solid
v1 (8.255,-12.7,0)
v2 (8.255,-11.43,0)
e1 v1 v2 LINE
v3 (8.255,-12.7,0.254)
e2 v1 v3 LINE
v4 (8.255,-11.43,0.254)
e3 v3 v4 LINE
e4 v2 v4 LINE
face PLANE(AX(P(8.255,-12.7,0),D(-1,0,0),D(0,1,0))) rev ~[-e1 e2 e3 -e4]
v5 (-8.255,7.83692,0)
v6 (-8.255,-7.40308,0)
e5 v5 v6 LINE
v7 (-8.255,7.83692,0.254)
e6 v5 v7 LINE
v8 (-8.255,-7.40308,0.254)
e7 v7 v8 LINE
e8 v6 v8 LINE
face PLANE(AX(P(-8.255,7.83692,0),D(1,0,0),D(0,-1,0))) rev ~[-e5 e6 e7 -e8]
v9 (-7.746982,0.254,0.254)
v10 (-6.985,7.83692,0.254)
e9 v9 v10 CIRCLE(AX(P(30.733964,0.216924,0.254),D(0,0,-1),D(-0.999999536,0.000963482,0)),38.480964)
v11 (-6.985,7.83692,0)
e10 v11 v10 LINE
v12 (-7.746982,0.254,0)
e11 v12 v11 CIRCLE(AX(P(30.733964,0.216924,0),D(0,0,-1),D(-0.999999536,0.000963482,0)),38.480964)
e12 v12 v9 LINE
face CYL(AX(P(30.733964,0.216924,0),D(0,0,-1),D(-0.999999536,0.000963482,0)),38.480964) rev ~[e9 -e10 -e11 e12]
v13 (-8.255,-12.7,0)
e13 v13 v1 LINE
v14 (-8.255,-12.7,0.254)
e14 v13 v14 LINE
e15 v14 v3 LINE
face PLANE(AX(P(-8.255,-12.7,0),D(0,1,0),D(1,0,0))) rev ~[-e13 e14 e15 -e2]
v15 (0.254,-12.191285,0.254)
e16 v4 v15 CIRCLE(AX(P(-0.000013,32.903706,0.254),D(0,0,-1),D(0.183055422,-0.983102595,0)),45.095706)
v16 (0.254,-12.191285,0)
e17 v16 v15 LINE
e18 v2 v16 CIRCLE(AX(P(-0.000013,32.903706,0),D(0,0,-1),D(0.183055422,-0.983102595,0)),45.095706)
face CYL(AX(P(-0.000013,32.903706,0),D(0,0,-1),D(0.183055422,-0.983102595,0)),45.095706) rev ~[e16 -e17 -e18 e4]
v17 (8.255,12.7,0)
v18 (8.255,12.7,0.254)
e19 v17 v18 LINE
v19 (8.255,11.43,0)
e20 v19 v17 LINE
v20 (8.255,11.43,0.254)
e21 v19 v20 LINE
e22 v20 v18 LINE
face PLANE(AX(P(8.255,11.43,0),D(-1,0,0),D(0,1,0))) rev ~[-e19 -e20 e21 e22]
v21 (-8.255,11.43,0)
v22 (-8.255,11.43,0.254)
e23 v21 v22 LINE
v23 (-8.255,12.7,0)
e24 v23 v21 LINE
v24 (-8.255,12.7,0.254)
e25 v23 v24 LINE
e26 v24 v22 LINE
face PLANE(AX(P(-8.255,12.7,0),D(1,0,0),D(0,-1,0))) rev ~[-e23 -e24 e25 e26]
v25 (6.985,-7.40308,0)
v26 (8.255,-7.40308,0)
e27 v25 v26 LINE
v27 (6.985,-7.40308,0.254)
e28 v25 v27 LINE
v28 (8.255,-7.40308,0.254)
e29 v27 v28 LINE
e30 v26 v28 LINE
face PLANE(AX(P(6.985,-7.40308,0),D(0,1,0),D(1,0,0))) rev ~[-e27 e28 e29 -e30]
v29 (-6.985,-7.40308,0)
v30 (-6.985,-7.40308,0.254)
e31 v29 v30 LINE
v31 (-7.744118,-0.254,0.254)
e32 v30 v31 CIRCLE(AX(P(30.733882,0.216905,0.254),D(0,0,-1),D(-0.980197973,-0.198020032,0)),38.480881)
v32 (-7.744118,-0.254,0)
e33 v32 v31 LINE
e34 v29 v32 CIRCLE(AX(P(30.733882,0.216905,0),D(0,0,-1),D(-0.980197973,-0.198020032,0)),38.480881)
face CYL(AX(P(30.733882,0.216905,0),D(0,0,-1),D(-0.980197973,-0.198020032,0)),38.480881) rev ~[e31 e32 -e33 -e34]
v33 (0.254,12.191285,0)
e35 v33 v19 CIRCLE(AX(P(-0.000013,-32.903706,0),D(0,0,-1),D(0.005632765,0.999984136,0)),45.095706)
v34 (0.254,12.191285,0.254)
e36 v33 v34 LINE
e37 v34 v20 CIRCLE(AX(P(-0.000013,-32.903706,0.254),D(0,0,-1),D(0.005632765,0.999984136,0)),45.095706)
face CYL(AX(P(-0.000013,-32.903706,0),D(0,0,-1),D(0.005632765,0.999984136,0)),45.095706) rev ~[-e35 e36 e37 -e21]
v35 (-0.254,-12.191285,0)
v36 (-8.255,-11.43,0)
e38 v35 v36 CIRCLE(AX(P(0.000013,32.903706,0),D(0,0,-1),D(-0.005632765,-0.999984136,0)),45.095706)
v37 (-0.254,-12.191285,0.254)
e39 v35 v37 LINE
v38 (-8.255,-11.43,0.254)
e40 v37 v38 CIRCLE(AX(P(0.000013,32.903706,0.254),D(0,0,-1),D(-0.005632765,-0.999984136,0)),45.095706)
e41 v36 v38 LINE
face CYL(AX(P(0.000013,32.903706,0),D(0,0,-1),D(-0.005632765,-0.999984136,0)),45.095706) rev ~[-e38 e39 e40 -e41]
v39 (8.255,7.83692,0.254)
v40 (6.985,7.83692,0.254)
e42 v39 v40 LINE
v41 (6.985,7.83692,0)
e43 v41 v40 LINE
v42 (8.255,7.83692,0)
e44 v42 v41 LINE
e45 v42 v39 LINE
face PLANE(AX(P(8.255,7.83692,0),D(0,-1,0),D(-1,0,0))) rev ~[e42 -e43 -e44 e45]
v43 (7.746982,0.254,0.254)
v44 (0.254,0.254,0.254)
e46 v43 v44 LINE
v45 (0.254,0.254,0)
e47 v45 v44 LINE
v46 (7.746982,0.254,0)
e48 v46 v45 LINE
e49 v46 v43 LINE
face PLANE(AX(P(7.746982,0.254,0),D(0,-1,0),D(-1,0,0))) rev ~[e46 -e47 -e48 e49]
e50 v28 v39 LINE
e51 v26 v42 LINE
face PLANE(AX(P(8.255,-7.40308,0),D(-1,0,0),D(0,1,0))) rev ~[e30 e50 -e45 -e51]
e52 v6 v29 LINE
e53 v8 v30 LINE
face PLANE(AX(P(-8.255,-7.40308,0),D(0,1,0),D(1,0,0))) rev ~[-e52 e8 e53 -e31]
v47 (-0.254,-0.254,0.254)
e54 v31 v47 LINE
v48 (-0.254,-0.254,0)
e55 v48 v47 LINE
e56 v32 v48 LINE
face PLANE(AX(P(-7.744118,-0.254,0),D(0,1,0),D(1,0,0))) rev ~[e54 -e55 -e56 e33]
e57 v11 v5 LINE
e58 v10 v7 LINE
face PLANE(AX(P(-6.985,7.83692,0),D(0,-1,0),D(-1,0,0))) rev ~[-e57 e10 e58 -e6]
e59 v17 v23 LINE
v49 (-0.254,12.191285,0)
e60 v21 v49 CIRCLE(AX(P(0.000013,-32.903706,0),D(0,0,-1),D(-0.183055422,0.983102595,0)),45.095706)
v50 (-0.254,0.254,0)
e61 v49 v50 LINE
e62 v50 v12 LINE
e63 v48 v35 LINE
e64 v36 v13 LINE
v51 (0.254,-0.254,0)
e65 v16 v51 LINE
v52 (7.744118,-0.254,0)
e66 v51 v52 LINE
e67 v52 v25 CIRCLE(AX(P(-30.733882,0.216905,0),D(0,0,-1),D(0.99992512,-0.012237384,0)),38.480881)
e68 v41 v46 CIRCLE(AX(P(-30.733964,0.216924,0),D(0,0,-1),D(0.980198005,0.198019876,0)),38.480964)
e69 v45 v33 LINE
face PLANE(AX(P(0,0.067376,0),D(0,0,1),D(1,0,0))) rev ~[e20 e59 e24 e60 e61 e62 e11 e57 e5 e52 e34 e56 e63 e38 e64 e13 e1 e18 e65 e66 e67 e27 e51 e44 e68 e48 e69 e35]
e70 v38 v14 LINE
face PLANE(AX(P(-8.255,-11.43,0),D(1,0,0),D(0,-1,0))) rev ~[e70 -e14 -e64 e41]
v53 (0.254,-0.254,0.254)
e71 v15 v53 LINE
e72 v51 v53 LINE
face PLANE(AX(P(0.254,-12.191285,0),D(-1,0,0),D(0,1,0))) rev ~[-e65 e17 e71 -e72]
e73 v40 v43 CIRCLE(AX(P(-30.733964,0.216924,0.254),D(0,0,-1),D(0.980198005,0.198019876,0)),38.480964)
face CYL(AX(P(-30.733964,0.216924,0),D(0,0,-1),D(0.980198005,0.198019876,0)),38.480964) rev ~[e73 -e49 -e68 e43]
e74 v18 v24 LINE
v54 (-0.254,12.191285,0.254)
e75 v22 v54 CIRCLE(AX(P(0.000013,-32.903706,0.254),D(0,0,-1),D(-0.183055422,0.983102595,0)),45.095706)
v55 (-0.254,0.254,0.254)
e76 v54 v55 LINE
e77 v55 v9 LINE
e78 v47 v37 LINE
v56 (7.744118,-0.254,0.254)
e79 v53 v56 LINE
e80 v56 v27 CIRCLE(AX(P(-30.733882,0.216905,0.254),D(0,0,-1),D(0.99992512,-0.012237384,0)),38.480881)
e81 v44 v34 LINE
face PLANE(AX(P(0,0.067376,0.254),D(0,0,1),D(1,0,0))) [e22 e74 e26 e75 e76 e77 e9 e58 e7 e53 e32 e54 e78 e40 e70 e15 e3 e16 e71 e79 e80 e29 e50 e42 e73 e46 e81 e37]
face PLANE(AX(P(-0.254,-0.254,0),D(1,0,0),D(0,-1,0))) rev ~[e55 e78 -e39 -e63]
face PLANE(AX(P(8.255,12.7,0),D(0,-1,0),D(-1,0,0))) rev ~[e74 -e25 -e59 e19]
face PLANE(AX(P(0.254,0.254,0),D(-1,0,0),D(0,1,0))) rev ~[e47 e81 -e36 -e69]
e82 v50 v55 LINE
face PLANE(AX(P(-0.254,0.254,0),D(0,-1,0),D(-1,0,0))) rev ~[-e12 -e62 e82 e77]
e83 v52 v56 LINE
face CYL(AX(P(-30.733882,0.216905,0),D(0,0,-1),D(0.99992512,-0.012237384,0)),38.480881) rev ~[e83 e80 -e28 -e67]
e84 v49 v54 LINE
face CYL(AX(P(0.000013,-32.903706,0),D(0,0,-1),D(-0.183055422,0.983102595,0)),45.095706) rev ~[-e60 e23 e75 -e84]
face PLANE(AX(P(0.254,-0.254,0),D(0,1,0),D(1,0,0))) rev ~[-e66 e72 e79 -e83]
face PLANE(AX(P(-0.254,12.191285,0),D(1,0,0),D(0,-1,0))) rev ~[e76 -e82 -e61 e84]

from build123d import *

# Parameters (mm, degrees)
F1_DEPTH = 0.254


with BuildPart() as f1:
    # F0 (on Top) → F1 (new body)
    with BuildSketch(Plane.XY):
        with BuildLine():
            Line((8.255, 12.7), (-8.255, 12.7))
            Line((-8.255, 12.7), (-8.255, 11.43))
            ThreePointArc((-8.255, 11.43), (-4.271494, 11.989244), (-0.254, 12.191285))
            Line((-0.254, 12.191285), (-0.254, 0.254))
            Line((-0.254, 0.254), (-7.746982, 0.254))
            ThreePointArc((-7.746982, 0.254), (-7.554177, 4.06437), (-6.985, 7.83692))
            Line((-6.985, 7.83692), (-8.255, 7.83692))
            Line((-8.255, 7.83692), (-8.255, -7.40308))
            Line((-8.255, -7.40308), (-6.985, -7.40308))
            ThreePointArc((-6.985, -7.40308), (-7.53188, -3.846307), (-7.744118, -0.254))
            Line((-7.744118, -0.254), (-0.254, -0.254))
            Line((-0.254, -0.254), (-0.254, -12.191285))
            ThreePointArc((-0.254, -12.191285), (-4.271494, -11.989244), (-8.255, -11.43))
            Line((-8.255, -11.43), (-8.255, -12.7))
            Line((-8.255, -12.7), (8.255, -12.7))
            Line((8.255, -12.7), (8.255, -11.43))
            ThreePointArc((8.255, -11.43), (4.271494, -11.989244), (0.254, -12.191285))
            Line((0.254, -12.191285), (0.254, -0.254))
            Line((0.254, -0.254), (7.744118, -0.254))
            ThreePointArc((7.744118, -0.254), (7.53188, -3.846307), (6.985, -7.40308))
            Line((6.985, -7.40308), (8.255, -7.40308))
            Line((8.255, -7.40308), (8.255, 7.83692))
            Line((8.255, 7.83692), (6.985, 7.83692))
            ThreePointArc((6.985, 7.83692), (7.554177, 4.06437), (7.746982, 0.254))
            Line((7.746982, 0.254), (0.254, 0.254))
            Line((0.254, 0.254), (0.254, 12.191285))
            ThreePointArc((0.254, 12.191285), (4.271494, 11.989244), (8.255, 11.43))
            Line((8.255, 11.43), (8.255, 12.7))
        make_face()
    extrude(amount=F1_DEPTH)


solid = f1.part
